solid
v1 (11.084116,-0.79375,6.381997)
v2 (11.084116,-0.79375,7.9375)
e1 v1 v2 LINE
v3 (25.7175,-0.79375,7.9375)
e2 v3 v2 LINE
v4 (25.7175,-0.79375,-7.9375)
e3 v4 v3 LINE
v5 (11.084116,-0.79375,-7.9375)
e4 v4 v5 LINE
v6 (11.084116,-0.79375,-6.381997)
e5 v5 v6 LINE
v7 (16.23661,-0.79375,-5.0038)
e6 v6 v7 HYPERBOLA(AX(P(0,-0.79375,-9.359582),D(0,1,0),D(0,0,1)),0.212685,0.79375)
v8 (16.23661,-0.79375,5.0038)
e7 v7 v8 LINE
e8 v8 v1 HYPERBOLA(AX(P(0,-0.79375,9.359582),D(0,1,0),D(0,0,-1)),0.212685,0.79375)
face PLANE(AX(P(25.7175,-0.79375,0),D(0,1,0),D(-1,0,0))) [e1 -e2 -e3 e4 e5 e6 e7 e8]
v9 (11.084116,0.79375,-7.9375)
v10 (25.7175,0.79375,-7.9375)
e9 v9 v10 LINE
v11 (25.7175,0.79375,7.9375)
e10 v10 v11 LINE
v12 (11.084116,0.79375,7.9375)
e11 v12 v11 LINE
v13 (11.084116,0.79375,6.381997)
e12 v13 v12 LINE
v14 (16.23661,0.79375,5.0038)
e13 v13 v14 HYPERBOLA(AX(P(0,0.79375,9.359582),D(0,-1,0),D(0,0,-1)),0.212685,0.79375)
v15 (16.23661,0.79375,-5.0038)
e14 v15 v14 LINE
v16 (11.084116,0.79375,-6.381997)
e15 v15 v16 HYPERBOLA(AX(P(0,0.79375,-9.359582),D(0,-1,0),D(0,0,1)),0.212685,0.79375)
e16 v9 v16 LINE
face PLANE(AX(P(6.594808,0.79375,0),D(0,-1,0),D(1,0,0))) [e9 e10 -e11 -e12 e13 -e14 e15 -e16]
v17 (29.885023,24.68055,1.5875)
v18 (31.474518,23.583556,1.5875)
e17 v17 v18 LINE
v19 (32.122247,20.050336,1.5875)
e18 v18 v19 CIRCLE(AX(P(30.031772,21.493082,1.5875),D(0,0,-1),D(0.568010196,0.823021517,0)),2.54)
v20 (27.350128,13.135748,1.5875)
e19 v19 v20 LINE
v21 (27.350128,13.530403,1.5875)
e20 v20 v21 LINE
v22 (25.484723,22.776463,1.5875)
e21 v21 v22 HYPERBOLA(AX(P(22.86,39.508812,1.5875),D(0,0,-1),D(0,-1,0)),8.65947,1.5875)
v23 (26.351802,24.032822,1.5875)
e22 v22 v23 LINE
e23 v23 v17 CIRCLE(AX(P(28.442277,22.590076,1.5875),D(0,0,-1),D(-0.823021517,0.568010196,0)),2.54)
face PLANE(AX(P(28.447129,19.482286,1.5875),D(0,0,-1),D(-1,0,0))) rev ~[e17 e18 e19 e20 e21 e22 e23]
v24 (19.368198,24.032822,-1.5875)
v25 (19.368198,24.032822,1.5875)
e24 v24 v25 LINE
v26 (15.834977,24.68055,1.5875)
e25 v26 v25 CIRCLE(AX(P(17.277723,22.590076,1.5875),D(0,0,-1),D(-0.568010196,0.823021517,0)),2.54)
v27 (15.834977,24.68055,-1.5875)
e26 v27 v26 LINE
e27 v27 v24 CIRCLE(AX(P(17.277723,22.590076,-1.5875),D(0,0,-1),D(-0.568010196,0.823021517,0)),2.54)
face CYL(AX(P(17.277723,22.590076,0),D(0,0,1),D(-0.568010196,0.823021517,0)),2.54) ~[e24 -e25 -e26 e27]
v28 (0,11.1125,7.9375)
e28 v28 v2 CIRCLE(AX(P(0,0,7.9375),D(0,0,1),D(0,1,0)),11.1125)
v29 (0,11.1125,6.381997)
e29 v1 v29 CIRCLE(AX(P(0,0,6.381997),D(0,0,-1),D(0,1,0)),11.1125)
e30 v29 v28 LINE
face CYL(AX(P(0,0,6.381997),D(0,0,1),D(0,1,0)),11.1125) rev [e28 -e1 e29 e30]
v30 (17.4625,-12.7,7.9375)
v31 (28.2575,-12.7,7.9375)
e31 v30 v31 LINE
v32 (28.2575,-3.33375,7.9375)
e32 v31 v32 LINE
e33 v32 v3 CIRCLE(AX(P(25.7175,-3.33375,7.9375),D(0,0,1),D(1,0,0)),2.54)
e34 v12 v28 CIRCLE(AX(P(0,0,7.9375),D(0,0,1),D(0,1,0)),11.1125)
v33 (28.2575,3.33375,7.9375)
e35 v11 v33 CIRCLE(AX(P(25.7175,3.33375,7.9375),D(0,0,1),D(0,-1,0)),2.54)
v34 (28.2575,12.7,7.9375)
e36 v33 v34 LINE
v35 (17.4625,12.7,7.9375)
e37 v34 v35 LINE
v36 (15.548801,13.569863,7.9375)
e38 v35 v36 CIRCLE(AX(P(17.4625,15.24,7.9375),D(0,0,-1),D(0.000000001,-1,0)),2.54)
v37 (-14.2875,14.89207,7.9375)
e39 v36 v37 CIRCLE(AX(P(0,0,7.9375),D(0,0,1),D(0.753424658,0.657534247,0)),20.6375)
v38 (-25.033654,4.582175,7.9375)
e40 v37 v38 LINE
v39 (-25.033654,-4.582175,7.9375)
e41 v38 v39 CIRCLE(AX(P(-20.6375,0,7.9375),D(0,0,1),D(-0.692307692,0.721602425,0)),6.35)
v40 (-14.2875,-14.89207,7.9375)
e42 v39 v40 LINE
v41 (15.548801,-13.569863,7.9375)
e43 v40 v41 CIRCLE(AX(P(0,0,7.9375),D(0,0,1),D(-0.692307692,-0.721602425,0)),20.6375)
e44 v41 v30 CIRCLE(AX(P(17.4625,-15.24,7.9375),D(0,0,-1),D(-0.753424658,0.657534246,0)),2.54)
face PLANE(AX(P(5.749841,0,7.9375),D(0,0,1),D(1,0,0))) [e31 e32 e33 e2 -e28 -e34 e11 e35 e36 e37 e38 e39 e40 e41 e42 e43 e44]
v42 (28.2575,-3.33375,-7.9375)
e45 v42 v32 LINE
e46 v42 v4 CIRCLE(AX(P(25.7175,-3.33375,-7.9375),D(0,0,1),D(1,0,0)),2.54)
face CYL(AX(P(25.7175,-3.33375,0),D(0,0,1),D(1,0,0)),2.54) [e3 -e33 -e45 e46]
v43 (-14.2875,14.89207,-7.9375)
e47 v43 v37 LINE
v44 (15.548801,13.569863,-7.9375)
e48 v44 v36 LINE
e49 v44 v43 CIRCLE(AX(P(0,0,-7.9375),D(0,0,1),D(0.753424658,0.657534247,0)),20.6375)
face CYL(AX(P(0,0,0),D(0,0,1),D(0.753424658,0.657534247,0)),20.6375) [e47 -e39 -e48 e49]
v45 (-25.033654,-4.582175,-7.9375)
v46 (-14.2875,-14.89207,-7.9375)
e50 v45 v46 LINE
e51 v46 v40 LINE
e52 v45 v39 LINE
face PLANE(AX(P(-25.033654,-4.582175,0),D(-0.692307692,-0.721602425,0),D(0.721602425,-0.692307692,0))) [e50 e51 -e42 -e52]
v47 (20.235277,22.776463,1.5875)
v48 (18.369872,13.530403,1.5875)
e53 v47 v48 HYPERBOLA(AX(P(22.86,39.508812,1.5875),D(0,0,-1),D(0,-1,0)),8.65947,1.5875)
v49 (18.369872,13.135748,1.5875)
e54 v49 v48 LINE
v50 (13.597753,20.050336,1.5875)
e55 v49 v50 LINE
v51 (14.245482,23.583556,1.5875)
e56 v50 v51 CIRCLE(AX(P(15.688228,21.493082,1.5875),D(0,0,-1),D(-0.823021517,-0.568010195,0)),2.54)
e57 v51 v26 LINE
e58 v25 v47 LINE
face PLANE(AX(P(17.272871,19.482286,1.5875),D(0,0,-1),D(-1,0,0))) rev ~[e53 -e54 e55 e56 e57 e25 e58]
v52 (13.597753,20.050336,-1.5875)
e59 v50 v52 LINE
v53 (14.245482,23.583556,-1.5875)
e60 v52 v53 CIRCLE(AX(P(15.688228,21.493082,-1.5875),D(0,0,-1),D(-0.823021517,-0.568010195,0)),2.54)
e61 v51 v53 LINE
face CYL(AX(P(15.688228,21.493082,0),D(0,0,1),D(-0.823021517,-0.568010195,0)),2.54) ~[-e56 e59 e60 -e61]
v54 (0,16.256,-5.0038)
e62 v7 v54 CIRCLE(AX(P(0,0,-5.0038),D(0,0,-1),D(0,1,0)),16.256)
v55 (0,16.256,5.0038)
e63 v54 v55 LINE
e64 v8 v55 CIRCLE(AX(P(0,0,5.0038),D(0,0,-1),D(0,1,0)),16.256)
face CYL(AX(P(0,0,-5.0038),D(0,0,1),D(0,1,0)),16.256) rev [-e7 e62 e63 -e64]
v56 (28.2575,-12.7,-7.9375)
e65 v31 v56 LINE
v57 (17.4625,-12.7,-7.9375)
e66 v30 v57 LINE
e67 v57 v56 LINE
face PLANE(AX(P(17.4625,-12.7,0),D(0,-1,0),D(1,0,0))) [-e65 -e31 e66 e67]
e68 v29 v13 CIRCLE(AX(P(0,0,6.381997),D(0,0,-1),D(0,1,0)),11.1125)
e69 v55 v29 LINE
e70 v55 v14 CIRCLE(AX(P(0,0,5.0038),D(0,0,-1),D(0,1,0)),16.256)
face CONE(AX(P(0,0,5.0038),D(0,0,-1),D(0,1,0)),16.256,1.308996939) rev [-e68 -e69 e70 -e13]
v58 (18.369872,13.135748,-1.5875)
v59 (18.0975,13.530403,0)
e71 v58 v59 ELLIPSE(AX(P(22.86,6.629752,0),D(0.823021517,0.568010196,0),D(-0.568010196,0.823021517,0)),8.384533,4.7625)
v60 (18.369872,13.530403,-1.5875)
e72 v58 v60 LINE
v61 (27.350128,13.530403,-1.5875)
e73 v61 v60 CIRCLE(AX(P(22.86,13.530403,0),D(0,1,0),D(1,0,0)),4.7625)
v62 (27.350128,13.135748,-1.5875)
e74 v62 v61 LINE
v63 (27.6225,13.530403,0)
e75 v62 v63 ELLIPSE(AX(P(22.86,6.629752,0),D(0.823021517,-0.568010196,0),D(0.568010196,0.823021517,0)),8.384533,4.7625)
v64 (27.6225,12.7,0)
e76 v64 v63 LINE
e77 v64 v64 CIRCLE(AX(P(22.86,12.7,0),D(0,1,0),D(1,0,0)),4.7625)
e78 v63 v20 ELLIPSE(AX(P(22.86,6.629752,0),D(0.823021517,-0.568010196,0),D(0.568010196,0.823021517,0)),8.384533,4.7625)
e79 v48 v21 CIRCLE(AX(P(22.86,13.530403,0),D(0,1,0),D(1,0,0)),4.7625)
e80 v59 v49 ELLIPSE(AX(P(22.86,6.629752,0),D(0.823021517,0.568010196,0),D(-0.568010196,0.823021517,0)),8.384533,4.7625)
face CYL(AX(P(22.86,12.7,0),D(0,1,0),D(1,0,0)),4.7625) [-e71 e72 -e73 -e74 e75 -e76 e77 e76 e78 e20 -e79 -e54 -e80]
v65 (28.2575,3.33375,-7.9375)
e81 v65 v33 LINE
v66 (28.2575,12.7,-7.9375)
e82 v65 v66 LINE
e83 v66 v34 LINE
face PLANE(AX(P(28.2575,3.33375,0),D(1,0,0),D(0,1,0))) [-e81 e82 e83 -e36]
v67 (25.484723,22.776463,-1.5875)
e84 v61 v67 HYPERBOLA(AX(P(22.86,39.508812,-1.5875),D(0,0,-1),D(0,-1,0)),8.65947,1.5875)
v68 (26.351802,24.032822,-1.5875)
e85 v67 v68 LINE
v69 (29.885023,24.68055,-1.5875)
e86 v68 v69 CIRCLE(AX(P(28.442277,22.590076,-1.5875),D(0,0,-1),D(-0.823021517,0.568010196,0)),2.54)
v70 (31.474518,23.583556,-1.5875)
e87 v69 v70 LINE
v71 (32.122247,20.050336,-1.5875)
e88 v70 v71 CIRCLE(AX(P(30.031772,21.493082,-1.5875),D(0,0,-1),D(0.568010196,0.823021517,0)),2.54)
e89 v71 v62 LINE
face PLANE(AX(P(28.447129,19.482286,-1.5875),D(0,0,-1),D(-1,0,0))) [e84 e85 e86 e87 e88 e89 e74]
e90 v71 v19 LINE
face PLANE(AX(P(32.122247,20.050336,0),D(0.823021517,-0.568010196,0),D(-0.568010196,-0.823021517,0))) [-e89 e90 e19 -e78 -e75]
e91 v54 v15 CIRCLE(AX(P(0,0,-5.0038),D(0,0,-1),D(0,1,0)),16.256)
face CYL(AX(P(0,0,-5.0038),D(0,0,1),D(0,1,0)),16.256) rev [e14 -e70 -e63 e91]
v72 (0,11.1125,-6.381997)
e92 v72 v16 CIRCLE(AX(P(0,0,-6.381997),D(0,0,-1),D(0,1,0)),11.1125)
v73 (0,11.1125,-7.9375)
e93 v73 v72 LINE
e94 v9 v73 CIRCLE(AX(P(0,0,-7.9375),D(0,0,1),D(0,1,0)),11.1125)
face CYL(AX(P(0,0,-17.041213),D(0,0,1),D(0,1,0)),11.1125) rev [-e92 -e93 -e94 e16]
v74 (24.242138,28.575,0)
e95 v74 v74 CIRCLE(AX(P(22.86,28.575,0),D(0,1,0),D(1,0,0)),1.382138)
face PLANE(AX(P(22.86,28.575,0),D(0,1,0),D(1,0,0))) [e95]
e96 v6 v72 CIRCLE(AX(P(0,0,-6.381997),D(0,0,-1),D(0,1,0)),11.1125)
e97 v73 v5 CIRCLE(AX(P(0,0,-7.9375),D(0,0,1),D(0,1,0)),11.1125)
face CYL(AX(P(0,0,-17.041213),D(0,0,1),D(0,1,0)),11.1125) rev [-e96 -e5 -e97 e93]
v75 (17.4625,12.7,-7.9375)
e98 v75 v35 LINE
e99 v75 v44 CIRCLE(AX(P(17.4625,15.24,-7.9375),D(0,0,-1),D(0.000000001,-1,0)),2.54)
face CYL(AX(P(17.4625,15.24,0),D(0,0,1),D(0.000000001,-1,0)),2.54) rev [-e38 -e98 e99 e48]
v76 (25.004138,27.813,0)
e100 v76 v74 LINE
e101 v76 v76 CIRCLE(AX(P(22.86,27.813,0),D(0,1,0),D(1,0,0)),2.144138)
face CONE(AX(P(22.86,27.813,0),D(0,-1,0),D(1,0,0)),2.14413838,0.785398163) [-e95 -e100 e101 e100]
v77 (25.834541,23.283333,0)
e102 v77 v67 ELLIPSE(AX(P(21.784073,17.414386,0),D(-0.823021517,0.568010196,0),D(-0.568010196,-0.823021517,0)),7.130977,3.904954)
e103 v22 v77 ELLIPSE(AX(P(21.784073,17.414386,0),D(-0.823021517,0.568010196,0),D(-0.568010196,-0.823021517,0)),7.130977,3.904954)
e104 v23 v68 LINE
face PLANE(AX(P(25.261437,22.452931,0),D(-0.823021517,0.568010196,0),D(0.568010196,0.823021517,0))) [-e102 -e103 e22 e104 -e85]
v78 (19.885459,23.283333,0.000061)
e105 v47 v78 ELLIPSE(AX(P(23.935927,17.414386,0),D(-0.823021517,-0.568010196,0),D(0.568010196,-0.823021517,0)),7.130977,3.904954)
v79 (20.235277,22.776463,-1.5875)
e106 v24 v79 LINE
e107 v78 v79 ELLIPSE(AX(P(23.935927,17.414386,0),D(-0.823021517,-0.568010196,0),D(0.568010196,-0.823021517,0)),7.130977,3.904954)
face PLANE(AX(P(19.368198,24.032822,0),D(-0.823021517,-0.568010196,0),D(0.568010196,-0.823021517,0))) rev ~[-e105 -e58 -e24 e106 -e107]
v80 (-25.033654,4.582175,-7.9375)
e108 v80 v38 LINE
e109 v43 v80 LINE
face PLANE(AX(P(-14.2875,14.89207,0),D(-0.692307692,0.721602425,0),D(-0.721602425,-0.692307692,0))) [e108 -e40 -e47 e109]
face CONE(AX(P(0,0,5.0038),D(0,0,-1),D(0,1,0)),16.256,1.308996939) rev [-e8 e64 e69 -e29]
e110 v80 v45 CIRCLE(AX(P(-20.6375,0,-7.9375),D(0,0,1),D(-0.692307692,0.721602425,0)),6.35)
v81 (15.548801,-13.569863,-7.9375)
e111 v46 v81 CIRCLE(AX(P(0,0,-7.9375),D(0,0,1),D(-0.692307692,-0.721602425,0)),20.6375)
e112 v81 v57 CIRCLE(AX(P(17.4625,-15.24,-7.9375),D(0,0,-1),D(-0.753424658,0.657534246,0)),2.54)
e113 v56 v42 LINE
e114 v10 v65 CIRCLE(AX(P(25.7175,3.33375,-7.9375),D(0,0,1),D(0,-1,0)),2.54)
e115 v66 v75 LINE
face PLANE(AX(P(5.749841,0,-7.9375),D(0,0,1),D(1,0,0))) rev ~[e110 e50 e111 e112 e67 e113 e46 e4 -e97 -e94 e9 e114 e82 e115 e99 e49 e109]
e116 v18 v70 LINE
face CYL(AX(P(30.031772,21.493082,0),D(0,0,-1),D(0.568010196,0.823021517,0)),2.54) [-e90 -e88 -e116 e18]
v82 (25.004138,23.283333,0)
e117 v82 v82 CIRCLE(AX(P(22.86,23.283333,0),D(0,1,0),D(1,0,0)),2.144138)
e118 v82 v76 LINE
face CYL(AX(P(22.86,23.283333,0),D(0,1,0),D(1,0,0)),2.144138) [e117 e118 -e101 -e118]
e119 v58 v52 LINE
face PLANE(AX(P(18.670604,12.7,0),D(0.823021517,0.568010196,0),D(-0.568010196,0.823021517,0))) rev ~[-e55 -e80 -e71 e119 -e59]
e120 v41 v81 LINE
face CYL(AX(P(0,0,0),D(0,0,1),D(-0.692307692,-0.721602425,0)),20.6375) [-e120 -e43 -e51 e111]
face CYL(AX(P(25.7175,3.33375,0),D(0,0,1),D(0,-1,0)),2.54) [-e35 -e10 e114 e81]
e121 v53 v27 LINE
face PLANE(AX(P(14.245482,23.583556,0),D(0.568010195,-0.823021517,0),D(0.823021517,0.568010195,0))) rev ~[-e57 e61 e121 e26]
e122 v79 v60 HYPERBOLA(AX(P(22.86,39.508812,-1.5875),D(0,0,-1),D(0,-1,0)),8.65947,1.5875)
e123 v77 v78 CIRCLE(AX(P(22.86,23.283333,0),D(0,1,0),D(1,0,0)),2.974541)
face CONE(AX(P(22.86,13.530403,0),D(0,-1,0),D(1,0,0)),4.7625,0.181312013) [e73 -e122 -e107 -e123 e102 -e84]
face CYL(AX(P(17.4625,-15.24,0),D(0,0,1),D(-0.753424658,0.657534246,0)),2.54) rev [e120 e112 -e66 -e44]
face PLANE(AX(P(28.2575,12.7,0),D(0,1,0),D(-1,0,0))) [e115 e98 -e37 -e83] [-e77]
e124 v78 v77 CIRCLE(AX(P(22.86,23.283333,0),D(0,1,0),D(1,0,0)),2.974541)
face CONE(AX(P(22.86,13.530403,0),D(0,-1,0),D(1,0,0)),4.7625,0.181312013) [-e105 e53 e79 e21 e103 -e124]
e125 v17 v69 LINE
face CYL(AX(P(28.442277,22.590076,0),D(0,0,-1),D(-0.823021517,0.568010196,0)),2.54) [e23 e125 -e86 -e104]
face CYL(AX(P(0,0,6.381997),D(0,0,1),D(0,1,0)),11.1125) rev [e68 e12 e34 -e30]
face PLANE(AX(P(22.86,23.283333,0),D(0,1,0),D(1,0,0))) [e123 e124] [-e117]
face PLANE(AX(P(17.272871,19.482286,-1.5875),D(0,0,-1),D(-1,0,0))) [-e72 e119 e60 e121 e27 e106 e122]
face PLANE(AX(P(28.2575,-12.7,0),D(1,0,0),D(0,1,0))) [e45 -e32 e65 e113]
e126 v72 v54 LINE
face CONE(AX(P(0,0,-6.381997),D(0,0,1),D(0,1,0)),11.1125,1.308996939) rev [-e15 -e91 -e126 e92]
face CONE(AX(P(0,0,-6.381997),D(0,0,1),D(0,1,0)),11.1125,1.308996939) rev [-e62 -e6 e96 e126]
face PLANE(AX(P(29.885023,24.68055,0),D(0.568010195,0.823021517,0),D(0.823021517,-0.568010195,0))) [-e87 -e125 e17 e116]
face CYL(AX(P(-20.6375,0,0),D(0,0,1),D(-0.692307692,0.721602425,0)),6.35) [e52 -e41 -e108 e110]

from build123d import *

# Parameters (mm, degrees)
BOSS_EXTRUDE1_DEPTH = 7.9375
BOSS_EXTRUDE2_DEPTH = 1.5875


with BuildPart() as part:
    # Sketch1 → Boss-Extrude1 (new, symmetric)
    with BuildSketch(Plane.XY):
        with BuildLine():
            Line((28.2575, -12.7), (28.2575, -3.33375))
            ThreePointArc((28.2575, -3.33375), (27.513551224, -1.537698776), (25.7175, -0.79375))
            Line((25.7175, -0.79375), (6.594808295, -0.79375))
            Line((6.594808295, -0.79375), (6.594808295, 0.79375))
            Line((6.594808295, 0.79375), (25.7175, 0.79375))
            ThreePointArc((25.7175, 0.79375), (27.513551224, 1.537698776), (28.2575, 3.33375))
            Line((28.2575, 3.33375), (28.2575, 12.7))
            Line((28.2575, 12.7), (17.4625, 12.7))
            ThreePointArc((17.4625, 12.7), (16.411440521, 12.927669147), (15.54880137, 13.569863014))
            ThreePointArc((15.54880137, 13.569863014), (0.91366194, 20.617265292), (-14.2875, 14.892070037))
            Line((-14.2875, 14.892070037), (-25.033653846, 4.582175396))
            ThreePointArc((-25.033653846, 4.582175396), (-26.9875, 0), (-25.033653846, -4.582175396))
            Line((-25.033653846, -4.582175396), (-14.2875, -14.892070037))
            ThreePointArc((-14.2875, -14.892070037), (0.91366194, -20.617265292), (15.54880137, -13.569863014))
            ThreePointArc((15.54880137, -13.569863014), (16.411440521, -12.927669147), (17.4625, -12.7))
            Line((17.4625, -12.7), (28.2575, -12.7))
        make_face()
    extrude(amount=BOSS_EXTRUDE1_DEPTH, both=True)

    # Sketch2 → Cut-Revolve1 (revolve, cut)
    with BuildSketch(Plane(origin=(0, 0, 0), x_dir=(0, 0, -1), z_dir=(1, 0, 0))):
        Polygon((5.0038, 16.256), (-5.0038, 16.256), (-6.381996671, 11.1125), (-17.041212854, 11.1125), (-17.041212854, 0), (17.041212854, 0), (17.041212854, 11.1125), (6.381996671, 11.1125), align=None)
    revolve(axis=Axis((0, 0, -17.041212854), (0, 0, -1)), mode=Mode.SUBTRACT)

    # Sketch3 → Revolve1 (revolve)
    with BuildSketch(Plane.XY):
        Polygon((22.86, 12.7), (27.6225, 12.7), (27.6225, 13.530402551), (25.834540931, 23.283333333), (25.00413838, 23.283333333), (25.00413838, 27.813), (24.24213838, 28.575), (22.86, 28.575), (22.86, 23.283333333), (22.86, 17.991666667), align=None)
    revolve(axis=Axis((22.86, 28.575, 0), (0, 1, 0)))

    # Sketch4 → Boss-Extrude2 (add, symmetric)
    with BuildSketch(Plane.XY):
        with BuildLine():
            Line((25.261436698, 22.452930783), (26.351802053, 24.0328217))
            ThreePointArc((26.351802053, 24.0328217), (27.98426331, 25.088440013), (29.885022603, 24.680550456))
            Line((29.885022603, 24.680550456), (31.474518222, 23.583556394))
            ThreePointArc((31.474518222, 23.583556394), (32.530136536, 21.951095136), (32.122246979, 20.050335843))
            Line((32.122246979, 20.050335843), (27.049395767, 12.7))
            Line((27.049395767, 12.7), (25.261436698, 22.452930783))
        make_face()
        with BuildLine():
            Line((20.458563302, 22.452930783), (18.670604233, 12.7))
            Line((18.670604233, 12.7), (13.597753021, 20.050335843))
            ThreePointArc((13.597753021, 20.050335843), (13.189863464, 21.951095136), (14.245481778, 23.583556394))
            Line((14.245481778, 23.583556394), (15.834977397, 24.680550456))
            ThreePointArc((15.834977397, 24.680550456), (17.73573669, 25.088440013), (19.368197947, 24.0328217))
            Line((19.368197947, 24.0328217), (20.458563302, 22.452930783))
        make_face()
    extrude(amount=BOSS_EXTRUDE2_DEPTH, both=True)


solid = part.part
